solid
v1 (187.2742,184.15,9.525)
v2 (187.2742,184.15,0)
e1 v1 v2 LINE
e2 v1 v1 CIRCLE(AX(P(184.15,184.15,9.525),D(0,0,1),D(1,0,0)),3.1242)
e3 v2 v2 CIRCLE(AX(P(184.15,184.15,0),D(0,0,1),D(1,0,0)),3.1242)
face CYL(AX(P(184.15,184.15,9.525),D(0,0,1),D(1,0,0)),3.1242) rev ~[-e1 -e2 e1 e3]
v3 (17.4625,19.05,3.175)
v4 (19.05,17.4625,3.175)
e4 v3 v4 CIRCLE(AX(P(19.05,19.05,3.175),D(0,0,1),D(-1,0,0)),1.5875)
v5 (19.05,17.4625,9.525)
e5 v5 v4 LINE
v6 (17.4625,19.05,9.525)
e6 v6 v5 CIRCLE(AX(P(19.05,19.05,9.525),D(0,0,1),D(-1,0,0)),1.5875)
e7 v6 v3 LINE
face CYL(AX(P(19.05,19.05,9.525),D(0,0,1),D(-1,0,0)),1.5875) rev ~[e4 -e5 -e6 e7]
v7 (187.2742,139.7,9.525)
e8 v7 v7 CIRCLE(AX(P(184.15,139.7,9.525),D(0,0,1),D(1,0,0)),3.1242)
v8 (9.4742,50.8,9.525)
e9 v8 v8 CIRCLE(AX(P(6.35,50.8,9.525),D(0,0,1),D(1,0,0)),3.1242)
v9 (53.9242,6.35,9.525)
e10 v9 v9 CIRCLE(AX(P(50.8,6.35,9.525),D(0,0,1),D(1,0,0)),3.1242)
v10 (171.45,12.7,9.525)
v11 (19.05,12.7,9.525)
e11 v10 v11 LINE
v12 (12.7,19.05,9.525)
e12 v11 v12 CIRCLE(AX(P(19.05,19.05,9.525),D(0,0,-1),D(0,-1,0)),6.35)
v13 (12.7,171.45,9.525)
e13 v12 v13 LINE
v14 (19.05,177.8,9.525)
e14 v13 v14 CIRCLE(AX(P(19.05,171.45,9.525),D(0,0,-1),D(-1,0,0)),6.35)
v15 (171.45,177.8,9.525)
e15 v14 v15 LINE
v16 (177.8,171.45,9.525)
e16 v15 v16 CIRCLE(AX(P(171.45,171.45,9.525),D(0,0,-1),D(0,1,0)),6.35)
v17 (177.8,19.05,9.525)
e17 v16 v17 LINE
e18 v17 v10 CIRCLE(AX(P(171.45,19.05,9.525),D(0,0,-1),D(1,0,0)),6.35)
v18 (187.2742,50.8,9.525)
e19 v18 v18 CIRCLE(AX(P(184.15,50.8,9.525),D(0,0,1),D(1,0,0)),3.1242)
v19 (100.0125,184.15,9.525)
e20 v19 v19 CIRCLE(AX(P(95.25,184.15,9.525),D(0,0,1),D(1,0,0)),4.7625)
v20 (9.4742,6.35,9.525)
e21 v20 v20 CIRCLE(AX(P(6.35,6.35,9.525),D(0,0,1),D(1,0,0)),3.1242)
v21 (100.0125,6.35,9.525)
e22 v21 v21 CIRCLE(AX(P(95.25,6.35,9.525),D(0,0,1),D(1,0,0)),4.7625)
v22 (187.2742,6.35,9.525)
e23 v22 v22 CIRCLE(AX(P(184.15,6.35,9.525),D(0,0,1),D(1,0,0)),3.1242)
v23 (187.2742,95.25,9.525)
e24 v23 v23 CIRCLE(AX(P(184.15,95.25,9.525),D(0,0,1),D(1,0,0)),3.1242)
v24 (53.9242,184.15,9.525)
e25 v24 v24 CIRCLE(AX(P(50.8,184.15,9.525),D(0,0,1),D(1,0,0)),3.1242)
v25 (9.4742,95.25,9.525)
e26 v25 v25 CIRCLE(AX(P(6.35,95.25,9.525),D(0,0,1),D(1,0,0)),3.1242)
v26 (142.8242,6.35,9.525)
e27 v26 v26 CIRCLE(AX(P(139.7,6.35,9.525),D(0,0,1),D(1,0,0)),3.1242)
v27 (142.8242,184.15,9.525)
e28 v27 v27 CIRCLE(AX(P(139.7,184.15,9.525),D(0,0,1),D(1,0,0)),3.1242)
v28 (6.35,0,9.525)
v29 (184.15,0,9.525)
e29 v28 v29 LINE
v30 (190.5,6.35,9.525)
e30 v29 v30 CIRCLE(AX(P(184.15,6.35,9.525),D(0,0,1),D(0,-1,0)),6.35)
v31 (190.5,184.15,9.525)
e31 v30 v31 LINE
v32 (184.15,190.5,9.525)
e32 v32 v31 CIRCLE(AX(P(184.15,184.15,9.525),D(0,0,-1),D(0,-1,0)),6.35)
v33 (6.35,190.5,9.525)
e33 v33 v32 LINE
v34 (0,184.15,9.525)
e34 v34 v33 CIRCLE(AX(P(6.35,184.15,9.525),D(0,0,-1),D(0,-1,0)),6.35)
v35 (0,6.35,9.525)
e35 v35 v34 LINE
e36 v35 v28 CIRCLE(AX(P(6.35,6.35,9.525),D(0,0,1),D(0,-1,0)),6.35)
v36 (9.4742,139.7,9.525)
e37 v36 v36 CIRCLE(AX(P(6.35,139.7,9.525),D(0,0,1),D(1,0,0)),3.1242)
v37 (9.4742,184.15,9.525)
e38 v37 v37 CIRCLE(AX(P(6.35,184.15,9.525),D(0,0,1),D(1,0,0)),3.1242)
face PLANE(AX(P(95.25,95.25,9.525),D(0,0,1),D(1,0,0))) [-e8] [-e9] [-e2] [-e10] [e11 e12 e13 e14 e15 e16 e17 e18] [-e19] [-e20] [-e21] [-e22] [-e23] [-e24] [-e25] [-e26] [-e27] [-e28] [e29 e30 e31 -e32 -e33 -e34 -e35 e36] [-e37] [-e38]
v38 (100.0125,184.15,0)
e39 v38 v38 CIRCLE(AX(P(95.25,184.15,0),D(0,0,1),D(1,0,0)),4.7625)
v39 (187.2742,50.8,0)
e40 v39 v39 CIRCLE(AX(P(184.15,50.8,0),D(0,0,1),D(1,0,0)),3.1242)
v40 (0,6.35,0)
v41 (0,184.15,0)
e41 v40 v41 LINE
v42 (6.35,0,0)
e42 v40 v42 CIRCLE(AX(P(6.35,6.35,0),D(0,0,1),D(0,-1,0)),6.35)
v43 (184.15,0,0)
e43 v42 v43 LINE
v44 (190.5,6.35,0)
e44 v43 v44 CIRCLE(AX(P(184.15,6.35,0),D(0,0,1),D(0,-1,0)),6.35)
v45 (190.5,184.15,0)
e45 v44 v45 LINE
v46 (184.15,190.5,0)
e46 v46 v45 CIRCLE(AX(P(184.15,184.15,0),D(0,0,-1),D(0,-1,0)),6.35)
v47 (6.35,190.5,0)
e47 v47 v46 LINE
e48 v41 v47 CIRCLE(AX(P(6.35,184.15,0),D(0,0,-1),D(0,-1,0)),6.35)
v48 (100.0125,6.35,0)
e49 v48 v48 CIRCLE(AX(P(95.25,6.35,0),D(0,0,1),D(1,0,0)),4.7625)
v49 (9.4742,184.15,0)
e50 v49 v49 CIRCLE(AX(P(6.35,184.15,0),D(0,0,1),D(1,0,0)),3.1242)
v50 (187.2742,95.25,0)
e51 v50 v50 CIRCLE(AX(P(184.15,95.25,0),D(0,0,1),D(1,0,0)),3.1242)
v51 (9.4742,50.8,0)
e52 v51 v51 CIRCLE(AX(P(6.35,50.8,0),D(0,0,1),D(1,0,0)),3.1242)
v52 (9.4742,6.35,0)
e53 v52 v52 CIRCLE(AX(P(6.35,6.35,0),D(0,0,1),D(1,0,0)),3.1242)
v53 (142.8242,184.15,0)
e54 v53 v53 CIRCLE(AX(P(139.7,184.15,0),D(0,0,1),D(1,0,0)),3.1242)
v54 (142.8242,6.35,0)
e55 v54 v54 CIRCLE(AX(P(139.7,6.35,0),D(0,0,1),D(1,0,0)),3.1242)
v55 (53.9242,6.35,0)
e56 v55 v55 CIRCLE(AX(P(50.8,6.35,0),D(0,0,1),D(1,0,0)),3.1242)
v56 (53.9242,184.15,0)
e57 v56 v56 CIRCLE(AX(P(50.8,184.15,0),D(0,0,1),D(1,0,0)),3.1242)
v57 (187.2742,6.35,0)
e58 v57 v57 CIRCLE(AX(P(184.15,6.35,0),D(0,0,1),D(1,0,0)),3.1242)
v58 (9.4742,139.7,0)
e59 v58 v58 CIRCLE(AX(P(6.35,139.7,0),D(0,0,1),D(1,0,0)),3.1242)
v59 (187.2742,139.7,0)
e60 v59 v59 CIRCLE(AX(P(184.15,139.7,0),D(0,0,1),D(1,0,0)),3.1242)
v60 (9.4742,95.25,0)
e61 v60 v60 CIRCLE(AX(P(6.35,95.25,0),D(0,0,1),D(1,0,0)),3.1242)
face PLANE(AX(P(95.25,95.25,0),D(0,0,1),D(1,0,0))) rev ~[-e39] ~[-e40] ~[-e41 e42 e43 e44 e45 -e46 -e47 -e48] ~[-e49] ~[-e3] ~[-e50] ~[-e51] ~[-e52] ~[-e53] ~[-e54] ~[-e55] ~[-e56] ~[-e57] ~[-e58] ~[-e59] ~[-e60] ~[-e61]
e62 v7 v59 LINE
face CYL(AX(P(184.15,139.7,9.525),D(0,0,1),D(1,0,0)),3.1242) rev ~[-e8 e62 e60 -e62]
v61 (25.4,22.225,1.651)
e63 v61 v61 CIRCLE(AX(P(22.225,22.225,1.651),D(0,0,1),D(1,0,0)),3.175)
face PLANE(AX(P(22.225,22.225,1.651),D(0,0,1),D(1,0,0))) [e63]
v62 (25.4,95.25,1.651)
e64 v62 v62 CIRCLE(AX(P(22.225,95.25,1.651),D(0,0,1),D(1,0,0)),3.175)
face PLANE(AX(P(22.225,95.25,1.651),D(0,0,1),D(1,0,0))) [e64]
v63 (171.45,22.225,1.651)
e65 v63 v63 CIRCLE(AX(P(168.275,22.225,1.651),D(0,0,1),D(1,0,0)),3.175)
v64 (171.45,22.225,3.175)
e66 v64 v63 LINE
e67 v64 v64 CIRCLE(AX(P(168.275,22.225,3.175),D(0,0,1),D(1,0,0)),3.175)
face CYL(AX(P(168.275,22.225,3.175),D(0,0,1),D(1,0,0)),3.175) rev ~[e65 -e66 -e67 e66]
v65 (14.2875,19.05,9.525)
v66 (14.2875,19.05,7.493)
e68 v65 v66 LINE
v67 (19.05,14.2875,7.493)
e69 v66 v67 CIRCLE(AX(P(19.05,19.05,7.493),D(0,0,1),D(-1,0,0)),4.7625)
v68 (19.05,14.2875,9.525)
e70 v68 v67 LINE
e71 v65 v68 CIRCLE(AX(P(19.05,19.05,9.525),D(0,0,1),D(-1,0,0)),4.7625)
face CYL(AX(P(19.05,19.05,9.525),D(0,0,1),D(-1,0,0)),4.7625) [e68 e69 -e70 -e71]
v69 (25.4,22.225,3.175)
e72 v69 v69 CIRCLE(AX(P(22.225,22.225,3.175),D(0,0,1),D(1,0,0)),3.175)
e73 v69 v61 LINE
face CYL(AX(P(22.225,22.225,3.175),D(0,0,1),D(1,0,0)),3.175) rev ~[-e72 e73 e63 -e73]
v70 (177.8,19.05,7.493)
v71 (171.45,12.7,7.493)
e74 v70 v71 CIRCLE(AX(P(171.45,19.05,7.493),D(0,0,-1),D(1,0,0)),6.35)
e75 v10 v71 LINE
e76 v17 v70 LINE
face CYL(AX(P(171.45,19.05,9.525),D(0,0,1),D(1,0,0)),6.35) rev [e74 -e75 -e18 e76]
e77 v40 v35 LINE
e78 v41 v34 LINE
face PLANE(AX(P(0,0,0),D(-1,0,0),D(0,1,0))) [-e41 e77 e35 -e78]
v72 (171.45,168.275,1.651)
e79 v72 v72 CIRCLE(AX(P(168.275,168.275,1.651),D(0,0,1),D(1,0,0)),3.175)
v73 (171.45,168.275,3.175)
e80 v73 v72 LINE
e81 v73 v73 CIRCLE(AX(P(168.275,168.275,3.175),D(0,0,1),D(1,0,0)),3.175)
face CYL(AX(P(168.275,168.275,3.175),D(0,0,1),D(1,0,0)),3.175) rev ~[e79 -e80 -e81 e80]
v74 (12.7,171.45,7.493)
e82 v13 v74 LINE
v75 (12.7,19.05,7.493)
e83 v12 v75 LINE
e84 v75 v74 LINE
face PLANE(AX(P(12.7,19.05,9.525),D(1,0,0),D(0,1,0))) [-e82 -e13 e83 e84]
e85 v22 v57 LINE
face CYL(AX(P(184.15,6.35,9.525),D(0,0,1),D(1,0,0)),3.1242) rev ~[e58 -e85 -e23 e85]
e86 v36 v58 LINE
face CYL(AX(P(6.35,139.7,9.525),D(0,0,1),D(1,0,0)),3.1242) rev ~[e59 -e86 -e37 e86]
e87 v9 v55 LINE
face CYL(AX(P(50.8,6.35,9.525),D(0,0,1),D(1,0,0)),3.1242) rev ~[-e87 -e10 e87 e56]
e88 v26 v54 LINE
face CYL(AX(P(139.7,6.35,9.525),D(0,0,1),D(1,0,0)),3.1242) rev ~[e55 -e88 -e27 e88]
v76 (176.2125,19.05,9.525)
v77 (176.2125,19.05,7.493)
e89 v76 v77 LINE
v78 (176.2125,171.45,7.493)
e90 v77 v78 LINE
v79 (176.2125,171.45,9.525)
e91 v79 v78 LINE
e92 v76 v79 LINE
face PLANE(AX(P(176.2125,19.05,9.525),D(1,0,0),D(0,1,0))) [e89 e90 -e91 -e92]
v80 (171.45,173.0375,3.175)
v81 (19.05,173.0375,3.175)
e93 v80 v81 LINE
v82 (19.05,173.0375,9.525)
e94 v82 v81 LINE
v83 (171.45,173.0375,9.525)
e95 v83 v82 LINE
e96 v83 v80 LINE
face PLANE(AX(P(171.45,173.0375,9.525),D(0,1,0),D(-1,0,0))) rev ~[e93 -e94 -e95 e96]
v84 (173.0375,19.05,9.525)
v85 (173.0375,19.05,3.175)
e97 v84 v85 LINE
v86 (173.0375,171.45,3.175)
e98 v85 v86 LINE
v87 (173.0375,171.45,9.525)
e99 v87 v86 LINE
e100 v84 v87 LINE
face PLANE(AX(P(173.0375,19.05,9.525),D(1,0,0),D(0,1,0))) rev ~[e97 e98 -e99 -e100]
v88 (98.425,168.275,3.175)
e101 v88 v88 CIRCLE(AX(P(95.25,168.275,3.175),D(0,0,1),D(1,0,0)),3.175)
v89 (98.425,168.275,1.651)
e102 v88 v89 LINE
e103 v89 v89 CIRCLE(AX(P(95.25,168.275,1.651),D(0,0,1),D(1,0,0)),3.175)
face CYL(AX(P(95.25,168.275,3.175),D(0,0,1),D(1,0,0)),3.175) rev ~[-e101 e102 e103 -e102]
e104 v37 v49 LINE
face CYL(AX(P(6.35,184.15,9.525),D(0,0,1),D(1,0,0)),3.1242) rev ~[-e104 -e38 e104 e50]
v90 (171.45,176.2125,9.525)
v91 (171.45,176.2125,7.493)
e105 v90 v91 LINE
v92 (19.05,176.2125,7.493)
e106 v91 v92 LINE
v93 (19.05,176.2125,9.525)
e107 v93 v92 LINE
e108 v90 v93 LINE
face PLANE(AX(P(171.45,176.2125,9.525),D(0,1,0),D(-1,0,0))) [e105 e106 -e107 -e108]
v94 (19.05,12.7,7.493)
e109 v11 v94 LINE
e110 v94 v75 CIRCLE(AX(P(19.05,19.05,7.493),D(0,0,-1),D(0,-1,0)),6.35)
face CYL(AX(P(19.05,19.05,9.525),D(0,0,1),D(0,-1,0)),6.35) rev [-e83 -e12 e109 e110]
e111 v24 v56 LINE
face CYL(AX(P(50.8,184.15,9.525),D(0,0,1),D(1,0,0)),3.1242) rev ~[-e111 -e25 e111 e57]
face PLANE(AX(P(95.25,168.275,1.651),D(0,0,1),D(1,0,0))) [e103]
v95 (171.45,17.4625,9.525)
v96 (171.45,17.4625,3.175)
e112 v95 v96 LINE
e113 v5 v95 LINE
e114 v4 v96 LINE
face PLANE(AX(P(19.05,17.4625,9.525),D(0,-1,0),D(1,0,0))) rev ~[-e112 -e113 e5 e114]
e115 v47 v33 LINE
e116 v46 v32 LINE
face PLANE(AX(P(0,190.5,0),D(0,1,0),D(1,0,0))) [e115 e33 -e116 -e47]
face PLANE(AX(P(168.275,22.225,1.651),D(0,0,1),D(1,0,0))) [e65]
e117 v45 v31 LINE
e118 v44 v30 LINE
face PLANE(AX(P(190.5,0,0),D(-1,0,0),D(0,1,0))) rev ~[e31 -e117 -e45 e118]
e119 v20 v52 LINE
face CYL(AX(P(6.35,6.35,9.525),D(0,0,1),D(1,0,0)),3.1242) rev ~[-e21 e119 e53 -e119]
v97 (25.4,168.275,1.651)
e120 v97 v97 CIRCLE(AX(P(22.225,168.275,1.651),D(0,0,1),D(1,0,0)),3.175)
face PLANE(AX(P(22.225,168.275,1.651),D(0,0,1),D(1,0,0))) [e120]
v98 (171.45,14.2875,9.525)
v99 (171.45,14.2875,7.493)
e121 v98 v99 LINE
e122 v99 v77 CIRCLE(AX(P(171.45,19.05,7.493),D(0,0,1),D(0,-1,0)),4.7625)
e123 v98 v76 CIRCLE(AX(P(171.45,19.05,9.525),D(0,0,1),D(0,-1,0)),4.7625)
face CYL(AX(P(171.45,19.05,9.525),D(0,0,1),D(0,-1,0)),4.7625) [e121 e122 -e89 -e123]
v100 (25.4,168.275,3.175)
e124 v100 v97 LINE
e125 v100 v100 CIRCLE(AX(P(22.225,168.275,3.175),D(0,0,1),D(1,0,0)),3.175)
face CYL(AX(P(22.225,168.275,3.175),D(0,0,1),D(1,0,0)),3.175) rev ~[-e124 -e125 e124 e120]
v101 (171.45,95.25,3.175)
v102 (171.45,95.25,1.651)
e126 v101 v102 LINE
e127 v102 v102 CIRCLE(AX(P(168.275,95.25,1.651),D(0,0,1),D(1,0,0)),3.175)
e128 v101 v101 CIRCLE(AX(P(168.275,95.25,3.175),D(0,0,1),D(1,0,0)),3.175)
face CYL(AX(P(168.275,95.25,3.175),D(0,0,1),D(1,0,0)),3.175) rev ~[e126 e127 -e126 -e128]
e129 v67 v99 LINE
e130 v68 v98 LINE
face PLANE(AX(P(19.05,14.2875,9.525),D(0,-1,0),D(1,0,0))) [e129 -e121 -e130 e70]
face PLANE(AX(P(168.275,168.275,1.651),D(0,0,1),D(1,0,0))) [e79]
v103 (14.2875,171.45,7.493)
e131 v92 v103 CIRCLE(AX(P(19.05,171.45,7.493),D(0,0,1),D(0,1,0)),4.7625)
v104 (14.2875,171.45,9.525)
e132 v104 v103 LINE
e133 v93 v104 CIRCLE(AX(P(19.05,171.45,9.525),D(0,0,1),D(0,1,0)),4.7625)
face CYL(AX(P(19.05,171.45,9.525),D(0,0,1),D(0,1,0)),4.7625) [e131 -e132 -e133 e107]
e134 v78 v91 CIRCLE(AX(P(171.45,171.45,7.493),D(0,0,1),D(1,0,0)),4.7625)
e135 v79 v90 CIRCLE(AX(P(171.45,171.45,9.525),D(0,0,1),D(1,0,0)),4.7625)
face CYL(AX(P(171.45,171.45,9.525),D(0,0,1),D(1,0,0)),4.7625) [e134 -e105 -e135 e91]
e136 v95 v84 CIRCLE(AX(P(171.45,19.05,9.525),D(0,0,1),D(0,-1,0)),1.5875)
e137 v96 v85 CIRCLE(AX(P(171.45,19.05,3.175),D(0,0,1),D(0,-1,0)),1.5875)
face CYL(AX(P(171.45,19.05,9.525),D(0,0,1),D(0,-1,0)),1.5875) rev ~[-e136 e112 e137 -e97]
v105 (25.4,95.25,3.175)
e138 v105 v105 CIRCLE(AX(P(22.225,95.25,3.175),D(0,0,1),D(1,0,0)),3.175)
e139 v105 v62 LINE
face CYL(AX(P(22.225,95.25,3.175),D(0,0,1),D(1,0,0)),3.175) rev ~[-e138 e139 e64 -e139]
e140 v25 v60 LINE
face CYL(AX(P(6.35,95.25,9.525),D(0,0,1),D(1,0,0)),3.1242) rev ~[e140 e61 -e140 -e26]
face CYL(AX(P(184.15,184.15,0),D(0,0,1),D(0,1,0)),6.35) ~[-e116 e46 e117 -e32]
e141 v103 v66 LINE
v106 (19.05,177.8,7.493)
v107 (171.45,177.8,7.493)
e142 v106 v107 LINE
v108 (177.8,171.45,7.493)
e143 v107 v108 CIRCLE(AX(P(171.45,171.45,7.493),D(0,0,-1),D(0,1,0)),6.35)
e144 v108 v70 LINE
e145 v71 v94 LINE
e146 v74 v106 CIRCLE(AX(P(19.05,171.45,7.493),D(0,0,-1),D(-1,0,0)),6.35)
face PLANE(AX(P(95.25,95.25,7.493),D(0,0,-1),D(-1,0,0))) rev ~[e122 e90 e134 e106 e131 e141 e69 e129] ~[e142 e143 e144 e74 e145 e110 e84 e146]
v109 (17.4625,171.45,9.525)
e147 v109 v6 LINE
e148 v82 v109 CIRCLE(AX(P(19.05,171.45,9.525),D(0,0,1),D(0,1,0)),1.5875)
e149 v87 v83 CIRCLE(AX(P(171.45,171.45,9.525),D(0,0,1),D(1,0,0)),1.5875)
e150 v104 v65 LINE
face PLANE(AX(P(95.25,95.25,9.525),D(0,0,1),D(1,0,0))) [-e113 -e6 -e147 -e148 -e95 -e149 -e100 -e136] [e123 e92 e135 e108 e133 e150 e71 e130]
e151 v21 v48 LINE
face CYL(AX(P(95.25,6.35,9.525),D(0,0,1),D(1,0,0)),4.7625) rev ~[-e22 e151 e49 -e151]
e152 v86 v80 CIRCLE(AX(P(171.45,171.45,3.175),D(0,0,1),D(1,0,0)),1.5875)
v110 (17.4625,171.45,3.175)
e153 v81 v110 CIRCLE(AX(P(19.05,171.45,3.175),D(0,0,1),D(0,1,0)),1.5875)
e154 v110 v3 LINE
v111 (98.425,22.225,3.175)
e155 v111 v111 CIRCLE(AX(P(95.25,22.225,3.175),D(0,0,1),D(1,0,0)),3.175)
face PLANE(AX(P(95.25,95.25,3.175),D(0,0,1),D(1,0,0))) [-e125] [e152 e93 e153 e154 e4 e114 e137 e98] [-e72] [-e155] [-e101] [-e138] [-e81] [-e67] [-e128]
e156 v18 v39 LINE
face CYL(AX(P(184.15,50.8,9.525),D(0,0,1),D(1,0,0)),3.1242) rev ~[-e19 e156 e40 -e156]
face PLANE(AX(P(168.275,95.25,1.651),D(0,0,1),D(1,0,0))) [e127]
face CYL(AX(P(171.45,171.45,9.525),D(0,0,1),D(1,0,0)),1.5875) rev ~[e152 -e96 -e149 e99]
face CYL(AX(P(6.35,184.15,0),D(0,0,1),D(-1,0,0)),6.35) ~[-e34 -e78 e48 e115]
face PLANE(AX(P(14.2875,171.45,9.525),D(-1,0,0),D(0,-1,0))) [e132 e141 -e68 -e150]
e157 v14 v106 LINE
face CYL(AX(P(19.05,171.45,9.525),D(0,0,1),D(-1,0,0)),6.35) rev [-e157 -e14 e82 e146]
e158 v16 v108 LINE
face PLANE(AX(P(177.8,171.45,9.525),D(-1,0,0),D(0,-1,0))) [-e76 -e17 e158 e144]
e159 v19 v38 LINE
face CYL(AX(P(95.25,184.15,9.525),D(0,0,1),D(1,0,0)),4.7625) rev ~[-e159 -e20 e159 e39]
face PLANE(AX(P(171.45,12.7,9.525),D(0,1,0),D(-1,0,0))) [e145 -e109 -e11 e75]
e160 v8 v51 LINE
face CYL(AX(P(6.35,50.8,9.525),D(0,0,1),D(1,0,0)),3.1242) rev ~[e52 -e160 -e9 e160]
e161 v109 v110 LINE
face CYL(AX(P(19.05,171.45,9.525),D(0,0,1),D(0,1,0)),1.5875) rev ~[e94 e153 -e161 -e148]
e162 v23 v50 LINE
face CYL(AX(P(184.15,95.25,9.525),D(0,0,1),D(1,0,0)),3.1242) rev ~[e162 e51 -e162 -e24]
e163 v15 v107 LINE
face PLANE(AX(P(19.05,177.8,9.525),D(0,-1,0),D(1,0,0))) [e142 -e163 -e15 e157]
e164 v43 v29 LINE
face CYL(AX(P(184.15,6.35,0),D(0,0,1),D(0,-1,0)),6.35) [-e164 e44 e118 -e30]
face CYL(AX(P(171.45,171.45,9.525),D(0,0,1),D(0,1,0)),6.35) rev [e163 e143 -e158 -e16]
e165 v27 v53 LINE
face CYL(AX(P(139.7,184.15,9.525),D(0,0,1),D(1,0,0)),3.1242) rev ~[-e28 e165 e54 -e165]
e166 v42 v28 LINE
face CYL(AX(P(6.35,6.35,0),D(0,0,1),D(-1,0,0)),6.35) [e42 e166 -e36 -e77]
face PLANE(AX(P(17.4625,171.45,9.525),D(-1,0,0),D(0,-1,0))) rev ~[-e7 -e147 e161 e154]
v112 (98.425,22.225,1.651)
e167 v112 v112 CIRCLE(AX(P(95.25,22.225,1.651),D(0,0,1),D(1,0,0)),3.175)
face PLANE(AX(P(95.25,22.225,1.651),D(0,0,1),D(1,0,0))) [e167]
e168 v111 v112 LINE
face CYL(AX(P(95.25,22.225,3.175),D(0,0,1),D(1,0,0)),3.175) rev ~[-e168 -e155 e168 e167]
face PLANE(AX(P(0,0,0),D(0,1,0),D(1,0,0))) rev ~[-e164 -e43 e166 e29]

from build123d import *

# Parameters (mm, degrees)
SKETCH1_W           = 190.5
SKETCH1_H           = 190.5
BOSS_EXTRUDE1_DEPTH = 9.525
SKETCH4_R           = 3.1242
CUT_EXTRUDE1_DEPTH  = 270.576010849
CUT_EXTRUDE2_DEPTH  = 2.032
CUT_EXTRUDE3_DEPTH  = 6.35
SKETCH7_R           = 3.175
CUT_EXTRUDE4_DEPTH  = 1.524
LPATTERN1_COUNT     = 4
LPATTERN1_PITCH     = 44.45
LPATTERN2_COUNT     = 4
LPATTERN2_PITCH     = 44.45
SKETCH8_R           = 4.7625
CUT_EXTRUDE5_DEPTH  = 270.576010849
FILLET1_R           = 6.35


with BuildPart() as part:
    # Sketch1 → Boss-Extrude1 (new body)
    with BuildSketch(Plane.XY):
        with Locations((95.25, 95.25)):
            Rectangle(SKETCH1_W, SKETCH1_H)
    extrude(amount=BOSS_EXTRUDE1_DEPTH)

    # Sketch4 → Cut-Extrude1 (cut, through all)
    with BuildSketch(Plane.XY.offset(9.525)):
        with Locations((6.35, 6.35)):
            Circle(SKETCH4_R)
        with Locations((6.35, 184.15)):
            Circle(SKETCH4_R)
        with Locations((184.15, 184.15)):
            Circle(SKETCH4_R)
        with Locations((184.15, 6.35)):
            Circle(SKETCH4_R)
    cut_extrude1 = extrude(amount=-CUT_EXTRUDE1_DEPTH, mode=Mode.SUBTRACT)

    # Sketch5 → Cut-Extrude2 (cut)
    with BuildSketch(Plane.XY.offset(9.525)):
        with BuildLine():
            Line((19.05, 177.8), (171.45, 177.8))
            ThreePointArc((171.45, 177.8), (175.940128061, 175.940128061), (177.8, 171.45))
            Line((177.8, 171.45), (177.8, 19.05))
            ThreePointArc((177.8, 19.05), (175.940128061, 14.559871939), (171.45, 12.7))
            Line((171.45, 12.7), (19.05, 12.7))
            ThreePointArc((19.05, 12.7), (14.559871939, 14.559871939), (12.7, 19.05))
            Line((12.7, 19.05), (12.7, 171.45))
            ThreePointArc((12.7, 171.45), (14.559871939, 175.940128061), (19.05, 177.8))
        make_face()
        with BuildLine():
            ThreePointArc((171.45, 14.2875), (174.817596045, 15.682403955), (176.2125, 19.05))
            Line((176.2125, 19.05), (176.2125, 171.45))
            ThreePointArc((176.2125, 171.45), (174.817596045, 174.817596045), (171.45, 176.2125))
            Line((171.45, 176.2125), (19.05, 176.2125))
            ThreePointArc((19.05, 176.2125), (15.682403955, 174.817596045), (14.2875, 171.45))
            Line((14.2875, 171.45), (14.2875, 19.05))
            ThreePointArc((14.2875, 19.05), (15.682403955, 15.682403955), (19.05, 14.2875))
            Line((19.05, 14.2875), (171.45, 14.2875))
        make_face(mode=Mode.SUBTRACT)
    extrude(amount=-CUT_EXTRUDE2_DEPTH, mode=Mode.SUBTRACT)

    # Sketch6 → Cut-Extrude3 (cut)
    with BuildSketch(Plane.XY.offset(9.525)):
        with BuildLine():
            Line((173.0375, 19.05), (173.0375, 171.45))
            ThreePointArc((173.0375, 171.45), (172.572532015, 172.572532015), (171.45, 173.0375))
            Line((171.45, 173.0375), (19.05, 173.0375))
            ThreePointArc((19.05, 173.0375), (17.927467985, 172.572532015), (17.4625, 171.45))
            Line((17.4625, 171.45), (17.4625, 19.05))
            ThreePointArc((17.4625, 19.05), (17.927467985, 17.927467985), (19.05, 17.4625))
            Line((19.05, 17.4625), (171.45, 17.4625))
            ThreePointArc((171.45, 17.4625), (172.572532015, 17.927467985), (173.0375, 19.05))
        make_face()
    extrude(amount=-CUT_EXTRUDE3_DEPTH, mode=Mode.SUBTRACT)

    # Sketch7 → Cut-Extrude4 (cut)
    with BuildSketch(Plane.XY.offset(3.175)):
        with Locations((22.225, 168.275)):
            Circle(SKETCH7_R)
        with Locations((168.275, 168.275)):
            Circle(SKETCH7_R)
        with Locations((22.225, 22.225)):
            Circle(SKETCH7_R)
        with Locations((168.275, 22.225)):
            Circle(SKETCH7_R)
        with Locations((95.25, 168.275)):
            Circle(SKETCH7_R)
        with Locations((22.225, 95.25)):
            Circle(SKETCH7_R)
        with Locations((168.275, 95.25)):
            Circle(SKETCH7_R)
        with Locations((95.25, 22.225)):
            Circle(SKETCH7_R)
    extrude(amount=-CUT_EXTRUDE4_DEPTH, mode=Mode.SUBTRACT)

    # LPattern1: Cut-Extrude1 ×4
    with Locations(*[(0, -i * LPATTERN1_PITCH, 0) for i in range(1, LPATTERN1_COUNT)]):
        add(cut_extrude1, mode=Mode.SUBTRACT)

    # LPattern2: Cut-Extrude1 ×4
    with Locations(*[(i * LPATTERN2_PITCH, 0, 0) for i in range(1, LPATTERN2_COUNT)]):
        add(cut_extrude1, mode=Mode.SUBTRACT)

    # Sketch8 → Cut-Extrude5 (cut, through all)
    with BuildSketch(Plane.XY.offset(9.525)):
        with Locations((95.25, 184.15)):
            Circle(SKETCH8_R)
        with Locations((95.25, 6.35)):
            Circle(SKETCH8_R)
    extrude(amount=-CUT_EXTRUDE5_DEPTH, mode=Mode.SUBTRACT)

    # Fillet1
    fillet1_edges = [part.edges().sort_by_distance(p)[0] for p in [
        (0, 190.5, 4.7625),
        (190.5, 190.5, 4.7625),
        (190.5, 0, 4.7625),
        (0, 0, 4.7625),
    ]]
    fillet(fillet1_edges, radius=FILLET1_R)


solid = part.part
